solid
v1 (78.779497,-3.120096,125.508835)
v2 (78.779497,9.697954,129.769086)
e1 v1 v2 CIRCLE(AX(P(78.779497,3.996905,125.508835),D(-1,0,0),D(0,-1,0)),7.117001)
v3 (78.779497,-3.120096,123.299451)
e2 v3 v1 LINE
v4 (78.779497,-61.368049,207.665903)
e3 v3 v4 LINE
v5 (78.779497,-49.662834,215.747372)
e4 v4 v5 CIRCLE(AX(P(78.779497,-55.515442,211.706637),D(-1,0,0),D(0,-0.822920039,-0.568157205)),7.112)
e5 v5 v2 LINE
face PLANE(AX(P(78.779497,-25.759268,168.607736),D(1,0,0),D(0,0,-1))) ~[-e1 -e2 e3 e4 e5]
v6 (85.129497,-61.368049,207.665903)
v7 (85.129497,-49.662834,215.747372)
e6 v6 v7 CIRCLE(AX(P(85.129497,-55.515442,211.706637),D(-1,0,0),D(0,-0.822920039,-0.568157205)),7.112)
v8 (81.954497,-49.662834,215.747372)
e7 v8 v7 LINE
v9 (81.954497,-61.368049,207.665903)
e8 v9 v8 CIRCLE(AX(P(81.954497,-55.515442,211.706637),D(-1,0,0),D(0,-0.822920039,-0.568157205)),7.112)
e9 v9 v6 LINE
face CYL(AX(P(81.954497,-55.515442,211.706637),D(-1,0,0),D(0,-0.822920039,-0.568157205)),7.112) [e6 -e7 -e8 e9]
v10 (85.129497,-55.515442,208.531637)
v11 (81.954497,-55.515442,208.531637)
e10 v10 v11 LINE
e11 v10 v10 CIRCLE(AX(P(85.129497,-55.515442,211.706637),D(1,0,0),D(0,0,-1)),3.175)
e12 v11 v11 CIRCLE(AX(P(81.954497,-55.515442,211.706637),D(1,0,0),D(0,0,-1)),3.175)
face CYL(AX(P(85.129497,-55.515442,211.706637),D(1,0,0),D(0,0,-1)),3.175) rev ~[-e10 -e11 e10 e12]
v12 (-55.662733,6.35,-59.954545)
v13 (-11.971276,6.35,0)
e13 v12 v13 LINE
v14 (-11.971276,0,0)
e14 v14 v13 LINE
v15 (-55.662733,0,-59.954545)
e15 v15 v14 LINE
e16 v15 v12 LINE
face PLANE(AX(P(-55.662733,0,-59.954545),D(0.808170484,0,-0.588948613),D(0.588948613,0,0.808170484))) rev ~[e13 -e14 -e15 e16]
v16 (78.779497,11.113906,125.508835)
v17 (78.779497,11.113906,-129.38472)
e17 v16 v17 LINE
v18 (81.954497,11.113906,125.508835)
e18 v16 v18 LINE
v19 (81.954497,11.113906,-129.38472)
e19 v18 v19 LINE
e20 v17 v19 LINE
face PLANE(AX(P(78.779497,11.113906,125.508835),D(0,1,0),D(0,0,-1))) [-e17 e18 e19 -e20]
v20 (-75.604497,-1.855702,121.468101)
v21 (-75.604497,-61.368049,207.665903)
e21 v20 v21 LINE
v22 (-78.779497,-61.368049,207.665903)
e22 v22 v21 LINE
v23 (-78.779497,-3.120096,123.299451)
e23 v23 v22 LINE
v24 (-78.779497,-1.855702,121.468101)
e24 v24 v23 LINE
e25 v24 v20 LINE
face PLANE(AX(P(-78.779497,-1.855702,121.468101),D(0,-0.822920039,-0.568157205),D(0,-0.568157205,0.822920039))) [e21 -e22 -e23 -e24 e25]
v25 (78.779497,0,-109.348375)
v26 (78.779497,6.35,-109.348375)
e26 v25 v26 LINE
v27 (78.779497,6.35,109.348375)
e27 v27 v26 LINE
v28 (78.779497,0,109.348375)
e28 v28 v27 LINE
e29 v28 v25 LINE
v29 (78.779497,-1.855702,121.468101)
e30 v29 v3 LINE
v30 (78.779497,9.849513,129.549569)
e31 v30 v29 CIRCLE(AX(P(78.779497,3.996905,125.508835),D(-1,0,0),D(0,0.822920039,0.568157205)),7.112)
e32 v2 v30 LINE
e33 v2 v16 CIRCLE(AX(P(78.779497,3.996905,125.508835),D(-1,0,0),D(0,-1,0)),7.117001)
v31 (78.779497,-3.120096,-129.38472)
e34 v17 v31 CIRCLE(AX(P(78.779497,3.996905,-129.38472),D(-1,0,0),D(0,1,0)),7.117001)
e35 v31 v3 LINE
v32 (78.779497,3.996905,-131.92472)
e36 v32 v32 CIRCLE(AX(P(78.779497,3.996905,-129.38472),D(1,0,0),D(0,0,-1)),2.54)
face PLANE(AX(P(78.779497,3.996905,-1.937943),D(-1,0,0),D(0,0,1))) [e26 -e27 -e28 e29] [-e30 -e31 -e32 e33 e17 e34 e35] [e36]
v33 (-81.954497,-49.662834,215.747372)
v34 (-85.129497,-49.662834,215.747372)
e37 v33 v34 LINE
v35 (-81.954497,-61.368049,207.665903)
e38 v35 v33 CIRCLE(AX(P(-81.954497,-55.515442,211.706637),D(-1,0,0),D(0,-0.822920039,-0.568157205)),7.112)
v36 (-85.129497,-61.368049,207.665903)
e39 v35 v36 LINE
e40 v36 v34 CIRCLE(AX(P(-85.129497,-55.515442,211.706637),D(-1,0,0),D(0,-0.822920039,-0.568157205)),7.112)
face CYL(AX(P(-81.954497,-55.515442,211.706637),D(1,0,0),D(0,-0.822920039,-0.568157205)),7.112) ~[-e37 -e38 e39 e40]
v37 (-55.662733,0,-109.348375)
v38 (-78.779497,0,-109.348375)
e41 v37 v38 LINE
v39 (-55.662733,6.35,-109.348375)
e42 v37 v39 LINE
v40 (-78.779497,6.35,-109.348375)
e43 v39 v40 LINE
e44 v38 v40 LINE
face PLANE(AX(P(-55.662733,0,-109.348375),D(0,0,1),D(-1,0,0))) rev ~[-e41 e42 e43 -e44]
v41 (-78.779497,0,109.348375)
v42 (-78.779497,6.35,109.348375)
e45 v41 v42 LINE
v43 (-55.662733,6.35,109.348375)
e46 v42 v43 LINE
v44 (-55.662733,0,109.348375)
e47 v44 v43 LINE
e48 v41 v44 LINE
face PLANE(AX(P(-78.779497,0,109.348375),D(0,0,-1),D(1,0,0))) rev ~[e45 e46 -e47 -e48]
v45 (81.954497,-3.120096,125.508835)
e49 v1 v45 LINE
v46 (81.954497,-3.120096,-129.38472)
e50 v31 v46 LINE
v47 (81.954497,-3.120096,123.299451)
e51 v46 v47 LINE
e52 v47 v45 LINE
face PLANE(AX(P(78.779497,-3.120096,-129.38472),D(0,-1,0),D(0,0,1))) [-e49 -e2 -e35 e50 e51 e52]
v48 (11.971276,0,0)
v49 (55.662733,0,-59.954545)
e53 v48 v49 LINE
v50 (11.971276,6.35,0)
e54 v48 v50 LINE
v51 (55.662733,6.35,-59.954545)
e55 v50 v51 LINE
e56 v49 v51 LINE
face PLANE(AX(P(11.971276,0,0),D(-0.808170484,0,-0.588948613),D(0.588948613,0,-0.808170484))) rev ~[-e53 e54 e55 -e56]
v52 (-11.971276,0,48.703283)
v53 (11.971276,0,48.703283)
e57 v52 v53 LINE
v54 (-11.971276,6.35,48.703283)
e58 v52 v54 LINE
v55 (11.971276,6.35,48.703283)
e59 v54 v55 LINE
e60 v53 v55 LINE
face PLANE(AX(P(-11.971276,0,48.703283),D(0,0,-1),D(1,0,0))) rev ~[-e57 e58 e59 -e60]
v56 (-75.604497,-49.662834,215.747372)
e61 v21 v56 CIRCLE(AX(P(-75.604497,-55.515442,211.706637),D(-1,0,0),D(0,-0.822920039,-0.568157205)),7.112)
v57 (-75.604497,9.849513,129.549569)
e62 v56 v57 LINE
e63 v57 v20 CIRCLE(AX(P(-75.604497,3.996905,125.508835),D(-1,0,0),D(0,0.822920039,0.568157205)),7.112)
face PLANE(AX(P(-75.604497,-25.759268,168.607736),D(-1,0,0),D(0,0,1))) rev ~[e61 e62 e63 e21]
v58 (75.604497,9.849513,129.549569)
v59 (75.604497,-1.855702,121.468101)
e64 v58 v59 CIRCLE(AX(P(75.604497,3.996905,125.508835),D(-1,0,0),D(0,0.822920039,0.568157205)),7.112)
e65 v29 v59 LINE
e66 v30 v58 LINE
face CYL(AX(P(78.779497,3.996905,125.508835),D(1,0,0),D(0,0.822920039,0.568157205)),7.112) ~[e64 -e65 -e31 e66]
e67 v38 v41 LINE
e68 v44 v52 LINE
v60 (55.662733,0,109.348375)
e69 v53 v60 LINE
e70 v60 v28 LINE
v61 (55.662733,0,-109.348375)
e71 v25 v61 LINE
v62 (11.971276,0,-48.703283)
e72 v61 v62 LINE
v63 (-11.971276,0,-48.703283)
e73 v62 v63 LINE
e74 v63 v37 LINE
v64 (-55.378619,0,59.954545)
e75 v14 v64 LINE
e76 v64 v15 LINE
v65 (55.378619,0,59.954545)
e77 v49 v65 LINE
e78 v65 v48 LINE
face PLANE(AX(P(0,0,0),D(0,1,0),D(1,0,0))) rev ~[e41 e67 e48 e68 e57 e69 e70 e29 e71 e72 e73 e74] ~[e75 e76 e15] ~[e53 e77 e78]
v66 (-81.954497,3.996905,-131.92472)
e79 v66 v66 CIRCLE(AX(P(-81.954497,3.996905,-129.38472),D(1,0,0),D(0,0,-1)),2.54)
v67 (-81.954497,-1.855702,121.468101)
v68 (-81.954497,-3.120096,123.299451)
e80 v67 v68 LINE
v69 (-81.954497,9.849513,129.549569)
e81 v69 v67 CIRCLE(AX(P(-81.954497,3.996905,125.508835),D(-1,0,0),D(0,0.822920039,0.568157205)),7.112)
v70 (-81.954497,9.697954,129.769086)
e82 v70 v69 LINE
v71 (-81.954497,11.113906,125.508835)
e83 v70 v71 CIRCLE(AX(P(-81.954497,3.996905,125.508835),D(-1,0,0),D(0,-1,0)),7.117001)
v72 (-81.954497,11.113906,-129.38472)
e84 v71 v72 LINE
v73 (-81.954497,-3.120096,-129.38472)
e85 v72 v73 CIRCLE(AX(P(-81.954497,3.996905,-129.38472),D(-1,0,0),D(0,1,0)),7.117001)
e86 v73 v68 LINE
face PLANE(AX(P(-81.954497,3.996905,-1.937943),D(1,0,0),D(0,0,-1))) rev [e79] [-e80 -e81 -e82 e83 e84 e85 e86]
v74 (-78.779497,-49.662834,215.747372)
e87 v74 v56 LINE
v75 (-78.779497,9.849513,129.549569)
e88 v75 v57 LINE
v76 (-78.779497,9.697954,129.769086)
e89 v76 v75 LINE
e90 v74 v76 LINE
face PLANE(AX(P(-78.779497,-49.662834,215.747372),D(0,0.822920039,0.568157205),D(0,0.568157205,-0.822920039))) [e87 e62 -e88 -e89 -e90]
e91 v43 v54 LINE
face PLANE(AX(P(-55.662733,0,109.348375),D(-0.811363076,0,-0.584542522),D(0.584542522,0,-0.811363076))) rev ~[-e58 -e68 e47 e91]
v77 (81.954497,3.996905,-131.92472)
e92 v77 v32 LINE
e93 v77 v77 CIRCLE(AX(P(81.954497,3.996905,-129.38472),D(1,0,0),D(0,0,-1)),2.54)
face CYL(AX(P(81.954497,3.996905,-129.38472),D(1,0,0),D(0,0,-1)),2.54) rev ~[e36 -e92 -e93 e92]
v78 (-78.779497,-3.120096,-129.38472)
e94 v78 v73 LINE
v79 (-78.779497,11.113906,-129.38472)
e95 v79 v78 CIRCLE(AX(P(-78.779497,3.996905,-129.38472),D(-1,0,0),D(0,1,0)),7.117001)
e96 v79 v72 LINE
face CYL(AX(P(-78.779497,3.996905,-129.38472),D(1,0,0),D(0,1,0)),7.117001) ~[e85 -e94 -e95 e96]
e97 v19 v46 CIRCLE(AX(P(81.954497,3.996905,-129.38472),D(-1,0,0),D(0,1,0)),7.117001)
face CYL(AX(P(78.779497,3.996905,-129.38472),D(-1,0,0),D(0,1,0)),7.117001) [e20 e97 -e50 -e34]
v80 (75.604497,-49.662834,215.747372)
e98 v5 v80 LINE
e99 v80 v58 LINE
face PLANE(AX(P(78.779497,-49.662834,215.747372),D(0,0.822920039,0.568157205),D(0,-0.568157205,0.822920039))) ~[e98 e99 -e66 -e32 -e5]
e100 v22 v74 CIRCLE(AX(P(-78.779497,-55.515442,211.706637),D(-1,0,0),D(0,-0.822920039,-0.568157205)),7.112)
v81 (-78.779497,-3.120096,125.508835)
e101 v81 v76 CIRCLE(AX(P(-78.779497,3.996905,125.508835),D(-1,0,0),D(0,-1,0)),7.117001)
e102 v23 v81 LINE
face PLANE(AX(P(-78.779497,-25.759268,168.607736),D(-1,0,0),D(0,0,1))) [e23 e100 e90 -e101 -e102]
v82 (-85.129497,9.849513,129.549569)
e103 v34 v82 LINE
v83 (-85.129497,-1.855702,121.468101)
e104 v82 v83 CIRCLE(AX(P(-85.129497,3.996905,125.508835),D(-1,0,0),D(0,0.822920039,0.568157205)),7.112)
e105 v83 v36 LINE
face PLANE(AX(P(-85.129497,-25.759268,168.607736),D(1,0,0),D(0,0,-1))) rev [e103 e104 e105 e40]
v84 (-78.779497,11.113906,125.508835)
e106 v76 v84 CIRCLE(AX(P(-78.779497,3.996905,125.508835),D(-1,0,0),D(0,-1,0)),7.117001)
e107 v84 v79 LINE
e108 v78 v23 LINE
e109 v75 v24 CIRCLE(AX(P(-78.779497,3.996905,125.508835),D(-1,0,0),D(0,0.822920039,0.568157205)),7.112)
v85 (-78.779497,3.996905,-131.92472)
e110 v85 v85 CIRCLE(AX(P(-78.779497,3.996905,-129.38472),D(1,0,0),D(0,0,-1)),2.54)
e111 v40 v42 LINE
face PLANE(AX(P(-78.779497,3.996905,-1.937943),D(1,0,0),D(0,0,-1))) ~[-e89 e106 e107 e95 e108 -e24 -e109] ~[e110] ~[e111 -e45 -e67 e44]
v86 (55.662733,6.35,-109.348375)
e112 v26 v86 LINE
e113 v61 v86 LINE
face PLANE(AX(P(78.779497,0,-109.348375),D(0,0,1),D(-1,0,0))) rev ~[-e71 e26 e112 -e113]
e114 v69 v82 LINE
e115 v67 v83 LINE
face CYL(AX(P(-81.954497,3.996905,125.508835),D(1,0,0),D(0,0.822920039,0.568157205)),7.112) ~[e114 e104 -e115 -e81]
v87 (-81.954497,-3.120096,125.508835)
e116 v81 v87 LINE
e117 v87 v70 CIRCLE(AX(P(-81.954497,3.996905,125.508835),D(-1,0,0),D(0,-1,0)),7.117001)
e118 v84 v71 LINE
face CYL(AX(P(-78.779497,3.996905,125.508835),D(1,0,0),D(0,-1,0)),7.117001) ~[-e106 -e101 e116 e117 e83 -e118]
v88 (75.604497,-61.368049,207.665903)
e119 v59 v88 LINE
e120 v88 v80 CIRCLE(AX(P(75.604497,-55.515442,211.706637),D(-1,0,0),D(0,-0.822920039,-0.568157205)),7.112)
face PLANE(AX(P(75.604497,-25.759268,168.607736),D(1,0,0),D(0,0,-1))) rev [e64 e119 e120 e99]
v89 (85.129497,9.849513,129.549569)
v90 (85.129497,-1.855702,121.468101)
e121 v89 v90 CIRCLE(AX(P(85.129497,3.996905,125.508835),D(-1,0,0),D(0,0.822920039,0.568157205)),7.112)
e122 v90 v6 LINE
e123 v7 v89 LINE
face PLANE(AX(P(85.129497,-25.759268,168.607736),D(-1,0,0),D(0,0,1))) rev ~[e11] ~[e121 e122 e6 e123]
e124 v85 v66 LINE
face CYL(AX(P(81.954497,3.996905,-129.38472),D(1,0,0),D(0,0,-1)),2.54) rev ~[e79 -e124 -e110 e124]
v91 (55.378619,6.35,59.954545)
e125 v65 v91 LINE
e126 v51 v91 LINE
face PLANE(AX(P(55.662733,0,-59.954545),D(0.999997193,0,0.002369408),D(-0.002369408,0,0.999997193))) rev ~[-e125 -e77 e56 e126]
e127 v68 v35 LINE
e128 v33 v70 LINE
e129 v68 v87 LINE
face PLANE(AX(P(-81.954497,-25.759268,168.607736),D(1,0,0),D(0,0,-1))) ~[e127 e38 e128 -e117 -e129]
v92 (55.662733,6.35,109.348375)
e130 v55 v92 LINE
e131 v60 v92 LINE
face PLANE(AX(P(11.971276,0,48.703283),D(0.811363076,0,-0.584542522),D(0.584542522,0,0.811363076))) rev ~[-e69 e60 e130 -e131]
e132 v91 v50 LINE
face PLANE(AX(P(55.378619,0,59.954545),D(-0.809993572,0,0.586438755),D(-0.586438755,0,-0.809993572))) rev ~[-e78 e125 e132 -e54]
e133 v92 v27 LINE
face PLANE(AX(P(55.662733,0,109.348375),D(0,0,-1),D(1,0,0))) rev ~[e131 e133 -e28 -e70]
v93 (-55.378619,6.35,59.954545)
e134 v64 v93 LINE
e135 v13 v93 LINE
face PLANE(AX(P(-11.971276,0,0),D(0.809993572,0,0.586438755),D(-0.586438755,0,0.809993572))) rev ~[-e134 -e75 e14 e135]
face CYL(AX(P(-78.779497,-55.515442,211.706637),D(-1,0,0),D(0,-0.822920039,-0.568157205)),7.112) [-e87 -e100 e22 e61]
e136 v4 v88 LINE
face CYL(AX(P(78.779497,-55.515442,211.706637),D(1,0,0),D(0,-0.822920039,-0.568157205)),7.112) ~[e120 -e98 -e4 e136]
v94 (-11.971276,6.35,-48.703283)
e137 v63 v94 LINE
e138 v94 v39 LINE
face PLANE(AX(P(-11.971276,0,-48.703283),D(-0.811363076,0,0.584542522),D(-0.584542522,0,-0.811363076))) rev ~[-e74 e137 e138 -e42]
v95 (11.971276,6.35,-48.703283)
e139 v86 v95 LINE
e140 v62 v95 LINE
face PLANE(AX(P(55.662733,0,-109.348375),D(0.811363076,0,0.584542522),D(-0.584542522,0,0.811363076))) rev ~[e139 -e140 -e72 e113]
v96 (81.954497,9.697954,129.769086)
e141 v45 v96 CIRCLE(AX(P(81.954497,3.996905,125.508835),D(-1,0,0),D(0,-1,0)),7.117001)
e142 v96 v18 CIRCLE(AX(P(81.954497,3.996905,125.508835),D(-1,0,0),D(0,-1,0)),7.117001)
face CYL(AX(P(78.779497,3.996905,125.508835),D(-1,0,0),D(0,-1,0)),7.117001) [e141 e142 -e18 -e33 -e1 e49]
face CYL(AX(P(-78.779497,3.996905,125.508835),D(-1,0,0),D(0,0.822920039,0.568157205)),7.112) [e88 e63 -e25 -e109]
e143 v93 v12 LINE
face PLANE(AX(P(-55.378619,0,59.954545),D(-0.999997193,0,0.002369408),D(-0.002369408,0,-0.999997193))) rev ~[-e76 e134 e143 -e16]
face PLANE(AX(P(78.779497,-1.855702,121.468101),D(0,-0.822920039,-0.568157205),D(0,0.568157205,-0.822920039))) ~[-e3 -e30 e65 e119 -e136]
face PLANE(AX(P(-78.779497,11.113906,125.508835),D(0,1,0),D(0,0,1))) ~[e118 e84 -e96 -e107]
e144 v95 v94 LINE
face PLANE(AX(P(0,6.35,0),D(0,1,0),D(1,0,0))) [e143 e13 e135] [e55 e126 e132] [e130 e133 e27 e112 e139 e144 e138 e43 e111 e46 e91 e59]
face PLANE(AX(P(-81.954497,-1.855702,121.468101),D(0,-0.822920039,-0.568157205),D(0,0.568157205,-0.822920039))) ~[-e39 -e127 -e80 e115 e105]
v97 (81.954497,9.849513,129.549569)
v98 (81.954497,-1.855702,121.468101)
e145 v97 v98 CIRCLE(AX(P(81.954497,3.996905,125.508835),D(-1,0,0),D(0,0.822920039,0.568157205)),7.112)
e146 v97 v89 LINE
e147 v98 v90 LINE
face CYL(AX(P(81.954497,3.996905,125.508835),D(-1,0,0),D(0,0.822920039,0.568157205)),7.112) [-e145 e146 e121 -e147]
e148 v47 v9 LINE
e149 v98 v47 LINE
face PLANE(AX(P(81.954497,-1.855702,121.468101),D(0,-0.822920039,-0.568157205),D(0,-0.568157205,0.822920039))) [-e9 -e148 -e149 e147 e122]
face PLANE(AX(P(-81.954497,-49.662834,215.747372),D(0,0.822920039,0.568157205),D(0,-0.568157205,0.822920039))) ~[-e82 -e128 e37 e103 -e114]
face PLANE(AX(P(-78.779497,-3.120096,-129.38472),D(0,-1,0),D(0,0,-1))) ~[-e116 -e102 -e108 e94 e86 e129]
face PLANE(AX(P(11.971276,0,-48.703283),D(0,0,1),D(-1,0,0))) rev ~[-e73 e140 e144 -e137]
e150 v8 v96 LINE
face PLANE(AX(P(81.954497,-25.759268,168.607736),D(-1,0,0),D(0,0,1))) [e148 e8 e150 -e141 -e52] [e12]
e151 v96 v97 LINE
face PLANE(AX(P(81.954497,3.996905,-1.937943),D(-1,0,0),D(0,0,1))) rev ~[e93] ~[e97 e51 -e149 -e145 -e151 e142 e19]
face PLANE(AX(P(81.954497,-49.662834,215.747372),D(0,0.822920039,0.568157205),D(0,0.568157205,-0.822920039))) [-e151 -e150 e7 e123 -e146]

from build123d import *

# Parameters (mm, degrees)
BOSS_EXTRUDE1_DEPTH  = 6.35
BOSS_EXTRUDE2_DEPTH  = 3.175
BOSS_EXTRUDE3_DEPTH  = 3.175
SKETCH6_R            = 3.175
CUT_EXTRUDE1_DEPTH   = 283.34881494
MIRROR4_COPY_1_DEPTH = 3.175
SKETCH7_R            = 2.54
CUT_EXTRUDE2_DEPTH   = 283.34881494


with BuildPart() as part:
    # Sketch3 → Boss-Extrude1 (new body)
    with BuildSketch(Plane(origin=(0, 0, 0), x_dir=(1, 0, 0), z_dir=(0, 1, 0))):
        Polygon((-78.779496576, 109.348374591), (-78.779496576, -109.348374591), (-55.662733102, -109.348374591), (-11.971276007, -48.703282599), (11.971276007, -48.703282599), (55.662733102, -109.348374591), (78.779496576, -109.348374591), (78.779496576, 109.348374591), (55.662733102, 109.348374591), (11.971276007, 48.703282599), (-11.971276007, 48.703282599), (-55.662733102, 109.348374591), align=None)
        Polygon((-11.971276007, 0), (-55.378618761, -59.954544833), (-55.662733102, 59.954544833), align=None, mode=Mode.SUBTRACT)
        Polygon((11.971276007, 0), (55.662733102, 59.954544833), (55.378618761, -59.954544833), align=None, mode=Mode.SUBTRACT)
    extrude(amount=BOSS_EXTRUDE1_DEPTH)

    # Sketch4 → Boss-Extrude2 (add)
    with BuildSketch(Plane(origin=(78.779496576, 0, 0), x_dir=(0, 0, -1), z_dir=(1, 0, 0))):
        with BuildLine():
            Line((-125.508834583, 11.113906265), (129.384720174, 11.113906265))
            ThreePointArc((129.384720174, 11.113906265), (136.501721079, 3.99690536), (129.384720174, -3.120095546))
            Line((129.384720174, -3.120095546), (-125.508834583, -3.120095546))
            ThreePointArc((-125.508834583, -3.120095546), (-132.625835488, 3.99690536), (-125.508834583, 11.113906265))
        make_face()
    boss_extrude2 = extrude(amount=BOSS_EXTRUDE2_DEPTH)

    # Mirror1: Boss-Extrude2 across plane
    add(boss_extrude2.mirror(Plane(origin=(0, 0, 0), x_dir=(0, 0, 1), z_dir=(1, 0, 0))))

    # Sketch5 → Boss-Extrude3 (add)
    with BuildSketch(Plane(origin=(81.954496576, 0, 0), x_dir=(0, 0, -1), z_dir=(1, 0, 0))):
        with BuildLine():
            Line((-121.468100538, -1.855701955), (-207.665903416, -61.368048827))
            ThreePointArc((-207.665903416, -61.368048827), (-217.559244776, -59.556175556), (-215.747371505, -49.662834197))
            Line((-215.747371505, -49.662834197), (-129.549568627, 9.849512675))
            ThreePointArc((-129.549568627, 9.849512675), (-119.656227268, 8.037639404), (-121.468100538, -1.855701955))
        make_face()
    boss_extrude3 = extrude(amount=BOSS_EXTRUDE3_DEPTH)

    # Sketch6 → Cut-Extrude1 (cut, through all)
    with BuildSketch(Plane(origin=(85.129496576, 0, 0), x_dir=(0, 0, -1), z_dir=(1, 0, 0))):
        with Locations((-211.706637461, -55.515441512)):
            Circle(SKETCH6_R)
    extrude(amount=-CUT_EXTRUDE1_DEPTH, mode=Mode.SUBTRACT)

    # Mirror3: Boss-Extrude3 across plane
    add(boss_extrude3.mirror(Plane(origin=(80.366996576, 0, 0), x_dir=(0, 0, 1), z_dir=(1, 0, 0))))

    # Mirror4: Boss-Extrude3 across plane
    add(boss_extrude3.mirror(Plane(origin=(0, 0, 0), x_dir=(0, 0, 1), z_dir=(1, 0, 0))))

    # Mirror4 copy 1 sketch → Mirror4 copy 1 (add)
    with BuildSketch(Plane(origin=(-78.779496576, 0, 0), x_dir=(0, 0, -1), z_dir=(1, 0, 0))):
        with BuildLine():
            Line((-121.468100538, -1.855701955), (-207.665903416, -61.368048827))
            ThreePointArc((-207.665903416, -61.368048827), (-217.559244776, -59.556175556), (-215.747371505, -49.662834197))
            Line((-215.747371505, -49.662834197), (-129.549568627, 9.849512675))
            ThreePointArc((-129.549568627, 9.849512675), (-119.656227268, 8.037639404), (-121.468100538, -1.855701955))
        make_face()
    extrude(amount=MIRROR4_COPY_1_DEPTH)

    # Sketch7 → Cut-Extrude2 (cut, through all)
    with BuildSketch(Plane(origin=(81.954496576, 0, 0), x_dir=(0, 0, -1), z_dir=(1, 0, 0))):
        with Locations((129.384720174, 3.99690536)):
            Circle(SKETCH7_R)
    extrude(amount=-CUT_EXTRUDE2_DEPTH, mode=Mode.SUBTRACT)


solid = part.part
